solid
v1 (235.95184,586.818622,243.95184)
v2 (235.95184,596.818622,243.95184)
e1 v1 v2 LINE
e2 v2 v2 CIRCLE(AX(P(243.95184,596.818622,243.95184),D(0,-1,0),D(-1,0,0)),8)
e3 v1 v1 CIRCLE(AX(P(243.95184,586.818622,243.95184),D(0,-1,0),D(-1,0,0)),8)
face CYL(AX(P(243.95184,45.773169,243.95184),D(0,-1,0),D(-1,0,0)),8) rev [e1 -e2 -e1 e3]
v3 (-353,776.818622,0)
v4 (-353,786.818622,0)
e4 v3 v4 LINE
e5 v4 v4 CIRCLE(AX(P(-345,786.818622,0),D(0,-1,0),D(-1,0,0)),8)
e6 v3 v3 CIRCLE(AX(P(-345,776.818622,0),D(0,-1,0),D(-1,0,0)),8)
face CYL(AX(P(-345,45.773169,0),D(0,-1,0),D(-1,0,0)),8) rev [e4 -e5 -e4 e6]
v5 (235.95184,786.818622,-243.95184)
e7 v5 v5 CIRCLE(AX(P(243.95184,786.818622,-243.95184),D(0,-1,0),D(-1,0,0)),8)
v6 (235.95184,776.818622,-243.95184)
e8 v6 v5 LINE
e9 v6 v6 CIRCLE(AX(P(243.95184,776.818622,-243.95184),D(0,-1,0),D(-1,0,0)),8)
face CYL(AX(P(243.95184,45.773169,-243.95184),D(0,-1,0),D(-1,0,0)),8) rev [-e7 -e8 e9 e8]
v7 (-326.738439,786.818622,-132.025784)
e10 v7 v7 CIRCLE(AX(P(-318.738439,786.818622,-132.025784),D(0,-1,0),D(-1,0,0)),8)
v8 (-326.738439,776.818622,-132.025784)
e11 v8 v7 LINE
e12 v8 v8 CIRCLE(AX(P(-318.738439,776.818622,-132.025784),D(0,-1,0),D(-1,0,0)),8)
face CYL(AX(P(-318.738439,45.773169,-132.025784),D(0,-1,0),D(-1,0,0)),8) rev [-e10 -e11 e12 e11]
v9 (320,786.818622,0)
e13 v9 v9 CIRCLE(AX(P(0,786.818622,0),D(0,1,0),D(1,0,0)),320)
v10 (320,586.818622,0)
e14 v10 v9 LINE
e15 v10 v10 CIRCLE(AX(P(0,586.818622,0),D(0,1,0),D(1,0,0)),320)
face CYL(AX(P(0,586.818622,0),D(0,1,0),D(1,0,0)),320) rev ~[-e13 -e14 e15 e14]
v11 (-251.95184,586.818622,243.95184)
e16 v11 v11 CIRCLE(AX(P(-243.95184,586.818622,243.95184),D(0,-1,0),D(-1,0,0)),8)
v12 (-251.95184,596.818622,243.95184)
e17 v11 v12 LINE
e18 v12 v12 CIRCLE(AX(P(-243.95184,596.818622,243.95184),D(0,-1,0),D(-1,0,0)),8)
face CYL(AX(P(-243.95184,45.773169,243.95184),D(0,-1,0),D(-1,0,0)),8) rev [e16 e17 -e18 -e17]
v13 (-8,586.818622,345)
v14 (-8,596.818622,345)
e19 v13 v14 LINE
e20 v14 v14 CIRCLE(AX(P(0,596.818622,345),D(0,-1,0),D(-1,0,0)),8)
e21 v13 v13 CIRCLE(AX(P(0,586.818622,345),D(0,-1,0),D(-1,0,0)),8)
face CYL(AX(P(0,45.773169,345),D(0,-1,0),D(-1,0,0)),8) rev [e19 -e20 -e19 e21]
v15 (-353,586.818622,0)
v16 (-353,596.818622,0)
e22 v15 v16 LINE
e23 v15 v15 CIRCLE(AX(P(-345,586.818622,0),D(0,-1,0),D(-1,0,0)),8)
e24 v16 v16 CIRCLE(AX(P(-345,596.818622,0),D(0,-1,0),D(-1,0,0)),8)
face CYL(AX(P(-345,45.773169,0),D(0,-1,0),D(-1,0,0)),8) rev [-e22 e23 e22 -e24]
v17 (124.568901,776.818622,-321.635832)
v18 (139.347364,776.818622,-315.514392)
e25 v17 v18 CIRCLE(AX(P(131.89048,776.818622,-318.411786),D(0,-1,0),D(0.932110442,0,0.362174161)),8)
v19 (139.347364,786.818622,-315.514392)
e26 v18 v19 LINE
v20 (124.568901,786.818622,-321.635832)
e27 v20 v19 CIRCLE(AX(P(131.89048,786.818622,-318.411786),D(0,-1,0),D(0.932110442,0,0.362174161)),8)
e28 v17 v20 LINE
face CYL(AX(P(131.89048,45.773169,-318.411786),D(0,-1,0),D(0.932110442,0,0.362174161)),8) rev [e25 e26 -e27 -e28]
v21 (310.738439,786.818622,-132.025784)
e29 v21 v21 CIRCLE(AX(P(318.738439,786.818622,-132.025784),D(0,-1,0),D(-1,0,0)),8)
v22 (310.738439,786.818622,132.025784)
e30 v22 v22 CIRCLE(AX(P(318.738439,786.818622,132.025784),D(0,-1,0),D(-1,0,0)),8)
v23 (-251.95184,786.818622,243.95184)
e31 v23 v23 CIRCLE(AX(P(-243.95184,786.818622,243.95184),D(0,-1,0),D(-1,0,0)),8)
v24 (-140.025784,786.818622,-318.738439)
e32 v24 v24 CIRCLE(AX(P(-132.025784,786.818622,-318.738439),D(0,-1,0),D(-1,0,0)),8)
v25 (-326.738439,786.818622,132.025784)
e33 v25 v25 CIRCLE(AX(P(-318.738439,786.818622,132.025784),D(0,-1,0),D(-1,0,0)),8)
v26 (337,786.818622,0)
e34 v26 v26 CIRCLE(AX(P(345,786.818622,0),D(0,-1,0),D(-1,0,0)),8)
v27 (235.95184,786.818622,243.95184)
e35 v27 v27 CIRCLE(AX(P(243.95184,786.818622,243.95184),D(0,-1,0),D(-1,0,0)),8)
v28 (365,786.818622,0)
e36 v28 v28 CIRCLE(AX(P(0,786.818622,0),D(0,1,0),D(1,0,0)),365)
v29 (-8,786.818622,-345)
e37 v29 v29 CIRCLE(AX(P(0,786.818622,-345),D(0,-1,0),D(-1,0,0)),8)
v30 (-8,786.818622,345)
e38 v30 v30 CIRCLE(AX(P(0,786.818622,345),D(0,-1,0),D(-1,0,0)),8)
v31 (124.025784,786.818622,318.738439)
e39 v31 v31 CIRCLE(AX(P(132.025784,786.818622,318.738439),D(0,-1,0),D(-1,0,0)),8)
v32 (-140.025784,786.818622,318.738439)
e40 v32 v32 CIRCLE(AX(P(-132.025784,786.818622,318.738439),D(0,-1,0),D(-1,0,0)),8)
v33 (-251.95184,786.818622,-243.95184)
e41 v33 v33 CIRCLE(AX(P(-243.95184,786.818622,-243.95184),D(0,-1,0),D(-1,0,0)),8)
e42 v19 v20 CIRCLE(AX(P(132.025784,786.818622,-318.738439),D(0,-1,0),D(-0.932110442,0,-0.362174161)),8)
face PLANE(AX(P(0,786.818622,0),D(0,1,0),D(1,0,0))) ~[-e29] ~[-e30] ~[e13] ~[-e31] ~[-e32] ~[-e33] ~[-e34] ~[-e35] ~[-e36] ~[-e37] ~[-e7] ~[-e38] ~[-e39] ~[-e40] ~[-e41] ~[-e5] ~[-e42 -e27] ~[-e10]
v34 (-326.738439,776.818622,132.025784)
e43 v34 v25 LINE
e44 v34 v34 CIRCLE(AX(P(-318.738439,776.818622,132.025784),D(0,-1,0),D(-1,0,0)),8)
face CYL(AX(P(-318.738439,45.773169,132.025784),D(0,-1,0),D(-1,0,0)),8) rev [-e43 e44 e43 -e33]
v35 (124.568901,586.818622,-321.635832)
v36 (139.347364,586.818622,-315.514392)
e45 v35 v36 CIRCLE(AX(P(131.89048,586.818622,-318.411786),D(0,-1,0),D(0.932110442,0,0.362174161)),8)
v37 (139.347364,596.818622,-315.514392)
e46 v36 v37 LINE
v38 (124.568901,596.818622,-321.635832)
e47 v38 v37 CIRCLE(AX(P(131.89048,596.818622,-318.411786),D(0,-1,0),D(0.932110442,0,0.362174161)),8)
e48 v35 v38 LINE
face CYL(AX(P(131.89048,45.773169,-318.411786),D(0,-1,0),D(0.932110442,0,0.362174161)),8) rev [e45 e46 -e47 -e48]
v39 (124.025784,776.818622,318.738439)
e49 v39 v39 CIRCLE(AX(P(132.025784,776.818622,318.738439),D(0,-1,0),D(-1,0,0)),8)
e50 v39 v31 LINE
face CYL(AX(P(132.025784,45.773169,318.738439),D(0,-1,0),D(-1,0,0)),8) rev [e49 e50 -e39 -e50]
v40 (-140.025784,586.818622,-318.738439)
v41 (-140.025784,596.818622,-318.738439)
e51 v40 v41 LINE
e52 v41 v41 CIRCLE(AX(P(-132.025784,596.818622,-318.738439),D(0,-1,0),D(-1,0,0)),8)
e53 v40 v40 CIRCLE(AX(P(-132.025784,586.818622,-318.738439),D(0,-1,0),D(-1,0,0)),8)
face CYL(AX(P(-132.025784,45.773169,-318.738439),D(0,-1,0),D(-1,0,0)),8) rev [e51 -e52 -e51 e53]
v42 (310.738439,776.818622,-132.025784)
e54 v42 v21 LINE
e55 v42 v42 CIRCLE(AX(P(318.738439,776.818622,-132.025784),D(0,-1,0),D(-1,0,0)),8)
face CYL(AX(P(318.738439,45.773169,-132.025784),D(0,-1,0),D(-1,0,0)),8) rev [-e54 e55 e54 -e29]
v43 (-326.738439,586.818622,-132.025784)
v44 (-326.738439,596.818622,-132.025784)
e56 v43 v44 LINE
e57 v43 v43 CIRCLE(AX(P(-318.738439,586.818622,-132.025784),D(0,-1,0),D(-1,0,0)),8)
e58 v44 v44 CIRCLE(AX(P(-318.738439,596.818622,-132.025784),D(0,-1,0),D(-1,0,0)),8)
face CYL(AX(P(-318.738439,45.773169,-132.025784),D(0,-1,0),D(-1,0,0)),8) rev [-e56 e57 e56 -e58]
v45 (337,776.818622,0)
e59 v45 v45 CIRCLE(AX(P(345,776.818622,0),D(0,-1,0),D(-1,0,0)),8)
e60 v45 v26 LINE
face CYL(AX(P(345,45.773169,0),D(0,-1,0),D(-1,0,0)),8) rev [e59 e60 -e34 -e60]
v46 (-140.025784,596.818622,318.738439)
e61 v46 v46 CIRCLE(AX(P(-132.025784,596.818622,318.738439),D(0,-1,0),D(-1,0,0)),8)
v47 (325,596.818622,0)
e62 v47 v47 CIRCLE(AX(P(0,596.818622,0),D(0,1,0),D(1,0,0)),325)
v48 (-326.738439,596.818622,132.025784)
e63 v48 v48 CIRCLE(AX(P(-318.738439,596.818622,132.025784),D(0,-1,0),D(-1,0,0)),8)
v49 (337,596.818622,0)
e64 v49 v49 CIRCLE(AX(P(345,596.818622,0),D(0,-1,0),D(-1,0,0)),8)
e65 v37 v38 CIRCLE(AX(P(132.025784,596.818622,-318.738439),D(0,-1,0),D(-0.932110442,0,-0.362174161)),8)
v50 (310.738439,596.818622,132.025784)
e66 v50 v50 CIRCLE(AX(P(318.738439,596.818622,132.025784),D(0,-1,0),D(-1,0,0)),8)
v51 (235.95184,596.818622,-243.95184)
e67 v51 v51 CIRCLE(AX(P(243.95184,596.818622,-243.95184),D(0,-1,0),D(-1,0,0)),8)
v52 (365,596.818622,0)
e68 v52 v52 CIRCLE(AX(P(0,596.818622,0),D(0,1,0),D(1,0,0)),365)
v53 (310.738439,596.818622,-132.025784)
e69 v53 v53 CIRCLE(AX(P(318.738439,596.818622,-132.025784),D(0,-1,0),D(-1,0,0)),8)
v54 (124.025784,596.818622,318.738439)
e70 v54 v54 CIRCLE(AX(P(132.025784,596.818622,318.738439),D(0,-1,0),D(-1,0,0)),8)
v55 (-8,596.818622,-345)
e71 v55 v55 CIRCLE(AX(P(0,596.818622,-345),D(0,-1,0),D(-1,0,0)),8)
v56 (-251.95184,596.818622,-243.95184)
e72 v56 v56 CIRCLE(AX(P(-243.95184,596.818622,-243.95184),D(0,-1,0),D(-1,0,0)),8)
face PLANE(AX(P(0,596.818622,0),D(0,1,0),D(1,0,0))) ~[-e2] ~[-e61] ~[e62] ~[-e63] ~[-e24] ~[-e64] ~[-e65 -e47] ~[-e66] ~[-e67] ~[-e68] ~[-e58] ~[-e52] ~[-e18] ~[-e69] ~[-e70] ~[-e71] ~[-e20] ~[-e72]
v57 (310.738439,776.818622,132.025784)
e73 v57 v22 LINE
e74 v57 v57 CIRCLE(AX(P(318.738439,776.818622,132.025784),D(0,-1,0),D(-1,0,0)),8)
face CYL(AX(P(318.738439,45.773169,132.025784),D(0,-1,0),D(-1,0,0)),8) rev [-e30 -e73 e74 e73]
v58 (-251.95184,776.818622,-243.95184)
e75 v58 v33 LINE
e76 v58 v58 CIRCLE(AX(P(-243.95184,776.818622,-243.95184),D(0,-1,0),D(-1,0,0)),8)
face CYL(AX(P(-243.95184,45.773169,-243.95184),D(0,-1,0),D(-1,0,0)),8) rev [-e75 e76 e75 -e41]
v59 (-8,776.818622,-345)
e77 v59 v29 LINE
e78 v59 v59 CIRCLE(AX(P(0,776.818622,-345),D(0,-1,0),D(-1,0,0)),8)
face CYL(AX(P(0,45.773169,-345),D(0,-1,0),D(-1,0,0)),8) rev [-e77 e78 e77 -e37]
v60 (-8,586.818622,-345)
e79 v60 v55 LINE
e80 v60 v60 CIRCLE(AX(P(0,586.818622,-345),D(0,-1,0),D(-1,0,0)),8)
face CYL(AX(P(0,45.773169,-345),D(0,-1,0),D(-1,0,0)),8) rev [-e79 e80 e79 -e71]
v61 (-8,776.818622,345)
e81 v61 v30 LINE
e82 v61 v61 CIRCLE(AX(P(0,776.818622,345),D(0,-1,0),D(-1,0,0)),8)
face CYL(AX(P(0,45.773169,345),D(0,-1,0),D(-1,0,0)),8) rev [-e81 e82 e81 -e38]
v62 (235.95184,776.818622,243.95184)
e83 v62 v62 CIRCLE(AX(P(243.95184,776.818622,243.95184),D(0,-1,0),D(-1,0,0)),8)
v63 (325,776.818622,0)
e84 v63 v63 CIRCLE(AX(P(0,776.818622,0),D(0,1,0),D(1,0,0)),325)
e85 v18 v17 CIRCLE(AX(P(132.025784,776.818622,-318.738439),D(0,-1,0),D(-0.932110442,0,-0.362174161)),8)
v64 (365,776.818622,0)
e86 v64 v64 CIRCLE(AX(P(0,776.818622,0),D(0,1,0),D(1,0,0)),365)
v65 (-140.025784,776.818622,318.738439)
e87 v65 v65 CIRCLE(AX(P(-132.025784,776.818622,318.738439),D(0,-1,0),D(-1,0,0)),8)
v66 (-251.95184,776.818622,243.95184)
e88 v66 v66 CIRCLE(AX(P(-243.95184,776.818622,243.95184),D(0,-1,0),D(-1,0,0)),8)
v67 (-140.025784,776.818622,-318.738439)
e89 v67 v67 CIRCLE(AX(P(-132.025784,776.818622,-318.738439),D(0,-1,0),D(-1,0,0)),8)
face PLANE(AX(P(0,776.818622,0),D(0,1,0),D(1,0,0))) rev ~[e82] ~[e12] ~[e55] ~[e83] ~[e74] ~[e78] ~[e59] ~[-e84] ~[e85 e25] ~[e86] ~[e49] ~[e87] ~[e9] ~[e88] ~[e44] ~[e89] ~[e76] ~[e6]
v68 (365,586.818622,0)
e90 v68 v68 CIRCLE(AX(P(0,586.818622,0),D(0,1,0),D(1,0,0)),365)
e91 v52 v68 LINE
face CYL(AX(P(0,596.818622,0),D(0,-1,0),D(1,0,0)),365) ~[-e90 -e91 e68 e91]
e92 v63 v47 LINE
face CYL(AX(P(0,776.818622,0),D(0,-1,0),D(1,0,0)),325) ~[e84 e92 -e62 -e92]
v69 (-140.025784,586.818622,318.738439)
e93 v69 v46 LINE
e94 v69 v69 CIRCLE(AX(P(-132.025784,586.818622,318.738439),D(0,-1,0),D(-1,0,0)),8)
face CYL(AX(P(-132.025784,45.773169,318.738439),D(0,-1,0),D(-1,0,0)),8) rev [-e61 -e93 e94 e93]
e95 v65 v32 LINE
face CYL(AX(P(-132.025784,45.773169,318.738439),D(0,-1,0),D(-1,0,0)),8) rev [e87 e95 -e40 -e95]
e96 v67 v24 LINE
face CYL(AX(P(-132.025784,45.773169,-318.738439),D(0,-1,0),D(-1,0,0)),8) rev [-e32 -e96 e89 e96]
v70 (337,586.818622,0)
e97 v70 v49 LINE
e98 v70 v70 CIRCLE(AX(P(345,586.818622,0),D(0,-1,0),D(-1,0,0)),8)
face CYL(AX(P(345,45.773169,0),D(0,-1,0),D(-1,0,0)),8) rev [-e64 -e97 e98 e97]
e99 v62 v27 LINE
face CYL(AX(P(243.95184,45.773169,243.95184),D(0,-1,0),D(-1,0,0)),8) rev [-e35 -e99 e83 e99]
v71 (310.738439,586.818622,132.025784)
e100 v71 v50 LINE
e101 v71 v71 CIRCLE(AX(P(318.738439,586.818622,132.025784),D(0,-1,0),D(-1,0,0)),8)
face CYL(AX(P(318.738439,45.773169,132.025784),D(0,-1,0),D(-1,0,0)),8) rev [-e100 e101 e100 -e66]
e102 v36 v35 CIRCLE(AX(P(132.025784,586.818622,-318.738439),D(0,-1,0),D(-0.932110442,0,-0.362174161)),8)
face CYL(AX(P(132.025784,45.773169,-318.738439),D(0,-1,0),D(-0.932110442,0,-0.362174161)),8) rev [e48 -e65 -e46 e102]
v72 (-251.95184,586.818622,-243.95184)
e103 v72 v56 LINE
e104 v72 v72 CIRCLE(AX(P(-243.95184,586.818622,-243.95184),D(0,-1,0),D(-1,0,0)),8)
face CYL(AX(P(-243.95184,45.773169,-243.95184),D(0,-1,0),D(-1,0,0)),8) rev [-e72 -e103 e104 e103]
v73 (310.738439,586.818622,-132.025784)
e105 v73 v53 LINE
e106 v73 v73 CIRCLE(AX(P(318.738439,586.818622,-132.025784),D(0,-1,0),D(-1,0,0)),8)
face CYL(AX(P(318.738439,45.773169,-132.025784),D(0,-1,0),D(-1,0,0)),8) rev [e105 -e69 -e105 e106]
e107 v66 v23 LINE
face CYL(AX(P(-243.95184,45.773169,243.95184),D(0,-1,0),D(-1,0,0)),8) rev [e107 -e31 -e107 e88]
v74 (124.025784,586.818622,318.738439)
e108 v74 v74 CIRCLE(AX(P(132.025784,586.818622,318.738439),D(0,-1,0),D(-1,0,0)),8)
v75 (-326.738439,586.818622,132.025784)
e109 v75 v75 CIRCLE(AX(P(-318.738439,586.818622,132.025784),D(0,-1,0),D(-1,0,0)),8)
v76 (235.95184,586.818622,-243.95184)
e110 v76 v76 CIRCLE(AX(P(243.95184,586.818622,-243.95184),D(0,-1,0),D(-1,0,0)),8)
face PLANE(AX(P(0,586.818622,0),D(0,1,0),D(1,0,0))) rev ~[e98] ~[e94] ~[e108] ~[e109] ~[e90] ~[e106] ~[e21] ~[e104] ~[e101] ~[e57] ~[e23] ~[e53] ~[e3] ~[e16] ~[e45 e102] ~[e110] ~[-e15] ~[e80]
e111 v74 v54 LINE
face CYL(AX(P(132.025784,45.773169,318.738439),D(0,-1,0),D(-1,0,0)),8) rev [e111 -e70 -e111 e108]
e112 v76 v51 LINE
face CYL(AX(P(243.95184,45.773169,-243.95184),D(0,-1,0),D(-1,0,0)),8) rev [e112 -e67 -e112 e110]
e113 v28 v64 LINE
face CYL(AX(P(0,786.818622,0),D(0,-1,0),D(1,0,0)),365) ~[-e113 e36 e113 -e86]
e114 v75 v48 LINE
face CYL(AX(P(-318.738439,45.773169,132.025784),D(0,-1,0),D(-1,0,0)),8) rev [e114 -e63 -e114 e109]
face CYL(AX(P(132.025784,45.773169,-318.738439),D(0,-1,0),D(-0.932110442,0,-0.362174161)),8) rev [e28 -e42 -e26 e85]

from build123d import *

# Parameters (mm, degrees)
CUT_EXTRUDE1_DEPTH      = 551.045452667
CUT_EXTRUDE1_DEPTH_BACK = 551.045452667
SKETCH2_R               = 8


with BuildPart() as part:
    # Sketch1 → Revolve1 (revolve)
    with BuildSketch(Plane.XY, mode=Mode.PRIVATE) as revolve1_sk:
        Polygon((-320, 586.81862199), (-320, 786.81862199), (-365, 786.81862199), (-365, 776.81862199), (-325, 776.81862199), (-325, 596.81862199), (-365, 596.81862199), (-365, 586.81862199), align=None)
    revolve(revolve1_sk.sketch.rotate(Axis((0, -8382.840526503, 0), (0, 1, 0)), 180), axis=Axis((0, -8382.840526503, 0), (0, 1, 0)))

    # Sketch2 → Cut-Extrude1 (cut, two sides: drawn at the far end of the back side and taken through both)
    with BuildSketch(Plane(origin=(0, 596.81862199, 0), x_dir=(1, 0, 0), z_dir=(0, 1, 0)).offset(-CUT_EXTRUDE1_DEPTH_BACK)):
        with Locations(Location((0, 345, 0), (0, 0, 180))):
            Circle(SKETCH2_R)
        with BuildLine():
            ThreePointArc((139.347363526, 315.514392242), (134.951947446, 325.802821793), (124.568900626, 321.635832007))
            ThreePointArc((124.568900626, 321.635832007), (128.964316707, 311.347402456), (139.347363526, 315.514392242))
        make_face()
        with Locations(Location((243.951839509, 243.951839509, 0), (0, 0, 180))):
            Circle(SKETCH2_R)
        with Locations(Location((318.738438716, 132.025784166, 0), (0, 0, 180))):
            Circle(SKETCH2_R)
        with Locations(Location((345, 0, 0), (0, 0, 180))):
            Circle(SKETCH2_R)
        with Locations(Location((318.738438716, -132.025784166, 0), (0, 0, 180))):
            Circle(SKETCH2_R)
        with Locations(Location((243.951839509, -243.951839509, 0), (0, 0, 180))):
            Circle(SKETCH2_R)
        with Locations(Location((132.025784166, -318.738438716, 0), (0, 0, 180))):
            Circle(SKETCH2_R)
        with Locations(Location((0, -345, 0), (0, 0, 180))):
            Circle(SKETCH2_R)
        with Locations(Location((-132.025784166, -318.738438716, 0), (0, 0, 180))):
            Circle(SKETCH2_R)
        with Locations(Location((-243.951839509, -243.951839509, 0), (0, 0, 180))):
            Circle(SKETCH2_R)
        with Locations(Location((-318.738438716, -132.025784166, 0), (0, 0, 180))):
            Circle(SKETCH2_R)
        with Locations(Location((-345, 0, 0), (0, 0, 180))):
            Circle(SKETCH2_R)
        with Locations(Location((-318.738438716, 132.025784166, 0), (0, 0, 180))):
            Circle(SKETCH2_R)
        with Locations(Location((-243.951839509, 243.951839509, 0), (0, 0, 180))):
            Circle(SKETCH2_R)
        with Locations(Location((-132.025784166, 318.738438716, 0), (0, 0, 180))):
            Circle(SKETCH2_R)
    extrude(amount=CUT_EXTRUDE1_DEPTH + CUT_EXTRUDE1_DEPTH_BACK, mode=Mode.SUBTRACT)


solid = part.part
